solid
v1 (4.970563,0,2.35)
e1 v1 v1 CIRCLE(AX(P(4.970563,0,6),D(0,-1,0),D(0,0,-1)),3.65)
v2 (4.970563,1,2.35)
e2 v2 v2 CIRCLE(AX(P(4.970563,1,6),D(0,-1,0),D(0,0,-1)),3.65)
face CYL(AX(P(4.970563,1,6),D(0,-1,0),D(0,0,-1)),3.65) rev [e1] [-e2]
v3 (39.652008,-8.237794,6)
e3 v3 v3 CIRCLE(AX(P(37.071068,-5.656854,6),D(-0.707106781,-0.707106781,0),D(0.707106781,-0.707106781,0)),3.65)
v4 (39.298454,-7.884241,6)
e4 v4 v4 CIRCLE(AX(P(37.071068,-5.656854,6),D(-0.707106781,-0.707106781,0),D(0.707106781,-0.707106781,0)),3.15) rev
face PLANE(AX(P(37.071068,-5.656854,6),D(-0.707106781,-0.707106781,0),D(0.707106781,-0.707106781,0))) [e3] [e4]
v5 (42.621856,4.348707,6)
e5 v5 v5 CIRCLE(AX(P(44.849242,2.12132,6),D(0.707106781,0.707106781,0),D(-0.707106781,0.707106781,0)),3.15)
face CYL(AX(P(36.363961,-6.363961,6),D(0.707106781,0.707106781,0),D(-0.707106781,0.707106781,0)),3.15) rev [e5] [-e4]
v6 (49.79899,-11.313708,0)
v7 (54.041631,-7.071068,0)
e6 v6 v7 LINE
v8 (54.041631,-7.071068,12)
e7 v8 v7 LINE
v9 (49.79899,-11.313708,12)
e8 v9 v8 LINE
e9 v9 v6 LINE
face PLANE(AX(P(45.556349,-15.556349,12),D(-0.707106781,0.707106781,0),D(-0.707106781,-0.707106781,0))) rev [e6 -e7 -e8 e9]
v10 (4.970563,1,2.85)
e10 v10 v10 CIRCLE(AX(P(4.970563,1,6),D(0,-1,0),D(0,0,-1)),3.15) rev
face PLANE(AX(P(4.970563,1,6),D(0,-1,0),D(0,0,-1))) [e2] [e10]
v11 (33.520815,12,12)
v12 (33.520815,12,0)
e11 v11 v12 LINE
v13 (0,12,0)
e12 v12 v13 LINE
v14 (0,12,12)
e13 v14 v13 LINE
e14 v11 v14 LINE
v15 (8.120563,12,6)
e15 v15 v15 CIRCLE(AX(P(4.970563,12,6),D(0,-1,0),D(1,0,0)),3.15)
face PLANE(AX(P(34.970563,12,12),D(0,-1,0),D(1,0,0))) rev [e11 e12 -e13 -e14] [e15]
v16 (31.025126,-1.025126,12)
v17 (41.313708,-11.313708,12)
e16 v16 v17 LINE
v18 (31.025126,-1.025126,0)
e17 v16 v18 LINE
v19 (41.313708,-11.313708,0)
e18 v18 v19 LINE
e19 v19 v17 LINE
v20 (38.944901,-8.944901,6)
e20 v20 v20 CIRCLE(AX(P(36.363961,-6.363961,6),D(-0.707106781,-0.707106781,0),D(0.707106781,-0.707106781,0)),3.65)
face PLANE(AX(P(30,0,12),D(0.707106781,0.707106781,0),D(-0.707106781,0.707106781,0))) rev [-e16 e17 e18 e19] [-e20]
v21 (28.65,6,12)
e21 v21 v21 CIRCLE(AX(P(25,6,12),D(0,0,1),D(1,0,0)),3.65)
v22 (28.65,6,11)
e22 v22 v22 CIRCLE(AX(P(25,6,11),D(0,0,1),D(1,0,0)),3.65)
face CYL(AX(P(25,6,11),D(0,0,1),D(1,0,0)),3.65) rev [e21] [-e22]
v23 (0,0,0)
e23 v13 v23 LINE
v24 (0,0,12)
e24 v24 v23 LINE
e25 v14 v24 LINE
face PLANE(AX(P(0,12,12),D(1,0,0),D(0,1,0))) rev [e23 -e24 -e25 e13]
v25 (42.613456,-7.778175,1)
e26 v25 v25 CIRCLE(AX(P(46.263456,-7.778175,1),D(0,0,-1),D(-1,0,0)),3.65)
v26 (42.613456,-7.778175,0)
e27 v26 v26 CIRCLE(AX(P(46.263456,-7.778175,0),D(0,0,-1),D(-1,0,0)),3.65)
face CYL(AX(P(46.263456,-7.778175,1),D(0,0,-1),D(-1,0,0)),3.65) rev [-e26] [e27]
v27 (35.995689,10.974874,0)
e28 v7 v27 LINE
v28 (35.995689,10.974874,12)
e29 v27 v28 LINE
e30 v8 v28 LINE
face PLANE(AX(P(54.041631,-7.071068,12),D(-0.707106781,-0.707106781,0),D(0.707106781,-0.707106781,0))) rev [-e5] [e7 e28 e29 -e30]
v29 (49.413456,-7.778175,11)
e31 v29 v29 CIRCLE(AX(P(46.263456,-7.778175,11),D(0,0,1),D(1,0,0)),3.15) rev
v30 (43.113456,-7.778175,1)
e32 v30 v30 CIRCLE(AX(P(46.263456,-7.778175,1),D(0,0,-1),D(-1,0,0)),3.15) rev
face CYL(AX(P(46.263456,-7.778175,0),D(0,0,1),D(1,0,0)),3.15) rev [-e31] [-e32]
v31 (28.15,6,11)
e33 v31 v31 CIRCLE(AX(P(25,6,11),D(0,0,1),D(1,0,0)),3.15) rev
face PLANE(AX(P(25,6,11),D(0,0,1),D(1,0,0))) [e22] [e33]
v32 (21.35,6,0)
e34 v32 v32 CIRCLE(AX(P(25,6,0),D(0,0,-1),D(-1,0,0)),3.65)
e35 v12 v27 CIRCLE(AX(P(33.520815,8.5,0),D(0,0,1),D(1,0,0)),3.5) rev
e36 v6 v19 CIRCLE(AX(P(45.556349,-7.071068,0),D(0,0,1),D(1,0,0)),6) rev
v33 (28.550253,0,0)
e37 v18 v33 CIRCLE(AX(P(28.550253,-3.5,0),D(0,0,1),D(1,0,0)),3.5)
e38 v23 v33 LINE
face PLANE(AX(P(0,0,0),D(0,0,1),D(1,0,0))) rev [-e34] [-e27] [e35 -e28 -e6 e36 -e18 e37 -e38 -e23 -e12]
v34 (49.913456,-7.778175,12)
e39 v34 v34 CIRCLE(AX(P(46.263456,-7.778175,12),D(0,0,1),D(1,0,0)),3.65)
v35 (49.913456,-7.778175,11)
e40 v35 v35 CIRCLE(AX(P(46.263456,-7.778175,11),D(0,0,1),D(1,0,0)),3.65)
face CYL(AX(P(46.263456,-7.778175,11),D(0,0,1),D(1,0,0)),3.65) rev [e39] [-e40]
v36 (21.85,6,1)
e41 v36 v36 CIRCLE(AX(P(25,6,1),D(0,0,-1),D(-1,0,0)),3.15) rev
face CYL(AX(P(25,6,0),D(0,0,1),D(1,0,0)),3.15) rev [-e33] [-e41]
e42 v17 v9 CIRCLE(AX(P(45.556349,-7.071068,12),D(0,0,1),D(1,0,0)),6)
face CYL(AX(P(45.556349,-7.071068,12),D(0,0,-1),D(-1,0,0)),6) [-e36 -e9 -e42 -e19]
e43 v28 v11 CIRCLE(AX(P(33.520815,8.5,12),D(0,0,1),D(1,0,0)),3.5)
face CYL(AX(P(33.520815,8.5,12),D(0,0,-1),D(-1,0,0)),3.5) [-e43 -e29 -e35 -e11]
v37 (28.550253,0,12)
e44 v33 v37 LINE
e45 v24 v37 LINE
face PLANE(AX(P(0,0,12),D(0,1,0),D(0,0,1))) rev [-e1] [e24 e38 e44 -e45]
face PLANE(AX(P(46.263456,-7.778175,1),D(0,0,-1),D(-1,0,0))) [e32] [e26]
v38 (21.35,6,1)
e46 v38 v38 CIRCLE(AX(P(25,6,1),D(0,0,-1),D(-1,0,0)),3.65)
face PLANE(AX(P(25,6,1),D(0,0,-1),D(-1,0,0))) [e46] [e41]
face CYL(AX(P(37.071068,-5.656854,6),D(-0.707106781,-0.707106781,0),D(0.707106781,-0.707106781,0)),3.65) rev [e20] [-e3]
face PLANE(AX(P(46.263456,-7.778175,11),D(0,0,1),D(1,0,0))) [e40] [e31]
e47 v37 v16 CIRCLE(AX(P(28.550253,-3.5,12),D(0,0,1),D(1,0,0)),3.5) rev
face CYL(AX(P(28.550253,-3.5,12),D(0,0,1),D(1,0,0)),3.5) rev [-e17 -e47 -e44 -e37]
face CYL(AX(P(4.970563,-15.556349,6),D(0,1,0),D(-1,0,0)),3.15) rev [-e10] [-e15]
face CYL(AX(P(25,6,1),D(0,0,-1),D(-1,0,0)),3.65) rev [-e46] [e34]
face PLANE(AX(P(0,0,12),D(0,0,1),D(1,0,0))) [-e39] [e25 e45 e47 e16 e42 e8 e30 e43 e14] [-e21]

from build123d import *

# Parameters (mm, degrees)
BOSS_EXTRU_1_DEPTH           = 12
ESQUISSE2_R                  = 3.15
ENL_V_MAT_EXTRU_1_DEPTH      = 1
ENL_V_MAT_EXTRU_1_DEPTH_BACK = 13
ESQUISSE3_R                  = 3.15
ENL_V_MAT_EXTRU_2_DEPTH      = 12
ESQUISSE4_R                  = 3.15
ENL_V_MAT_EXTRU_3_DEPTH      = 1
ENL_V_MAT_EXTRU_3_DEPTH_BACK = 28.556349186
ESQUISSE5_R                  = 3.65
ENL_V_MAT_EXTRU_4_DEPTH      = 1
ESQUISSE6_R                  = 3.65
ENL_V_MAT_EXTRU_5_DEPTH      = 1
ESQUISSE7_R                  = 3.65
ENL_V_MAT_EXTRU_6_DEPTH      = 1
ESQUISSE8_R                  = 3.65
ENL_V_MAT_EXTRU_7_DEPTH      = 1
CONG_1_R                     = 3.5
CONG_2_R                     = 6


with BuildPart() as part:
    # Esquisse1 → Boss.-Extru.1 (new body)
    with BuildSketch(Plane.XY):
        Polygon((0, 0), (30, 0), (45.556349186, -15.556349186), (54.04163056, -7.071067812), (34.970562748, 12), (0, 12), align=None)
    extrude(amount=BOSS_EXTRU_1_DEPTH)

    # Esquisse2 → Enlèv. mat.-Extru.1 (cut, two sides)
    with BuildSketch(Plane.XY.offset(12)) as enl_v_mat_extru_1_sk:
        with Locations((25, 6)):
            Circle(ESQUISSE2_R)
        with Locations((46.263455967, -7.778174593)):
            Circle(ESQUISSE2_R)
    extrude(amount=ENL_V_MAT_EXTRU_1_DEPTH, mode=Mode.SUBTRACT)
    extrude(enl_v_mat_extru_1_sk.sketch, amount=-ENL_V_MAT_EXTRU_1_DEPTH_BACK, mode=Mode.SUBTRACT)

    # Esquisse3 → Enlèv. mat.-Extru.2 (cut)
    with BuildSketch(Plane(origin=(23.485281374, 23.485281374, 0), x_dir=(0, 0, -1), z_dir=(0.707106781, 0.707106781, 0))):
        with Locations((-6, -30.213203436)):
            Circle(ESQUISSE3_R)
    extrude(amount=-ENL_V_MAT_EXTRU_2_DEPTH, mode=Mode.SUBTRACT)

    # Esquisse4 → Enlèv. mat.-Extru.3 (cut, two sides)
    with BuildSketch(Plane(origin=(0, 12, 0), x_dir=(1, 0, 0), z_dir=(0, 1, 0))) as enl_v_mat_extru_3_sk:
        with Locations((4.970562748, -6)):
            Circle(ESQUISSE4_R)
    extrude(amount=ENL_V_MAT_EXTRU_3_DEPTH, mode=Mode.SUBTRACT)
    extrude(enl_v_mat_extru_3_sk.sketch, amount=-ENL_V_MAT_EXTRU_3_DEPTH_BACK, mode=Mode.SUBTRACT)

    # Esquisse5 → Enlèv. mat.-Extru.4 (cut)
    with BuildSketch(Plane.XY.offset(12)):
        with Locations((25, 6)):
            Circle(ESQUISSE5_R)
        with Locations((46.263455967, -7.778174593)):
            Circle(ESQUISSE5_R)
    extrude(amount=-ENL_V_MAT_EXTRU_4_DEPTH, mode=Mode.SUBTRACT)

    # Esquisse6 → Enlèv. mat.-Extru.5 (cut)
    with BuildSketch(Plane(origin=(0, 0, 0), x_dir=(-1, 0, 0), z_dir=(0, 0, -1))):
        with Locations((-25, 6)):
            Circle(ESQUISSE6_R)
        with Locations((-46.263455967, -7.778174593)):
            Circle(ESQUISSE6_R)
    extrude(amount=-ENL_V_MAT_EXTRU_5_DEPTH, mode=Mode.SUBTRACT)

    # Esquisse7 → Enlèv. mat.-Extru.6 (cut)
    with BuildSketch(Plane(origin=(15, 15, 0), x_dir=(0, 0, 1), z_dir=(-0.707106781, -0.707106781, 0))):
        with Locations((6, -30.213203436)):
            Circle(ESQUISSE7_R)
    extrude(amount=-ENL_V_MAT_EXTRU_6_DEPTH, mode=Mode.SUBTRACT)

    # Esquisse8 → Enlèv. mat.-Extru.7 (cut)
    with BuildSketch(Plane.XZ):
        with Locations((4.970562748, 6)):
            Circle(ESQUISSE8_R)
    extrude(amount=-ENL_V_MAT_EXTRU_7_DEPTH, mode=Mode.SUBTRACT)

    # Congé1
    cong_1_edges = [part.edges().sort_by_distance(p)[0] for p in [
        (34.970562748, 12, 6),
        (30, 0, 6),
    ]]
    fillet(cong_1_edges, radius=CONG_1_R)

    # Congé2
    cong_2_edges = [part.edges().sort_by_distance(p)[0] for p in [
        (45.556349186, -15.556349186, 6),
    ]]
    fillet(cong_2_edges, radius=CONG_2_R)


solid = part.part
